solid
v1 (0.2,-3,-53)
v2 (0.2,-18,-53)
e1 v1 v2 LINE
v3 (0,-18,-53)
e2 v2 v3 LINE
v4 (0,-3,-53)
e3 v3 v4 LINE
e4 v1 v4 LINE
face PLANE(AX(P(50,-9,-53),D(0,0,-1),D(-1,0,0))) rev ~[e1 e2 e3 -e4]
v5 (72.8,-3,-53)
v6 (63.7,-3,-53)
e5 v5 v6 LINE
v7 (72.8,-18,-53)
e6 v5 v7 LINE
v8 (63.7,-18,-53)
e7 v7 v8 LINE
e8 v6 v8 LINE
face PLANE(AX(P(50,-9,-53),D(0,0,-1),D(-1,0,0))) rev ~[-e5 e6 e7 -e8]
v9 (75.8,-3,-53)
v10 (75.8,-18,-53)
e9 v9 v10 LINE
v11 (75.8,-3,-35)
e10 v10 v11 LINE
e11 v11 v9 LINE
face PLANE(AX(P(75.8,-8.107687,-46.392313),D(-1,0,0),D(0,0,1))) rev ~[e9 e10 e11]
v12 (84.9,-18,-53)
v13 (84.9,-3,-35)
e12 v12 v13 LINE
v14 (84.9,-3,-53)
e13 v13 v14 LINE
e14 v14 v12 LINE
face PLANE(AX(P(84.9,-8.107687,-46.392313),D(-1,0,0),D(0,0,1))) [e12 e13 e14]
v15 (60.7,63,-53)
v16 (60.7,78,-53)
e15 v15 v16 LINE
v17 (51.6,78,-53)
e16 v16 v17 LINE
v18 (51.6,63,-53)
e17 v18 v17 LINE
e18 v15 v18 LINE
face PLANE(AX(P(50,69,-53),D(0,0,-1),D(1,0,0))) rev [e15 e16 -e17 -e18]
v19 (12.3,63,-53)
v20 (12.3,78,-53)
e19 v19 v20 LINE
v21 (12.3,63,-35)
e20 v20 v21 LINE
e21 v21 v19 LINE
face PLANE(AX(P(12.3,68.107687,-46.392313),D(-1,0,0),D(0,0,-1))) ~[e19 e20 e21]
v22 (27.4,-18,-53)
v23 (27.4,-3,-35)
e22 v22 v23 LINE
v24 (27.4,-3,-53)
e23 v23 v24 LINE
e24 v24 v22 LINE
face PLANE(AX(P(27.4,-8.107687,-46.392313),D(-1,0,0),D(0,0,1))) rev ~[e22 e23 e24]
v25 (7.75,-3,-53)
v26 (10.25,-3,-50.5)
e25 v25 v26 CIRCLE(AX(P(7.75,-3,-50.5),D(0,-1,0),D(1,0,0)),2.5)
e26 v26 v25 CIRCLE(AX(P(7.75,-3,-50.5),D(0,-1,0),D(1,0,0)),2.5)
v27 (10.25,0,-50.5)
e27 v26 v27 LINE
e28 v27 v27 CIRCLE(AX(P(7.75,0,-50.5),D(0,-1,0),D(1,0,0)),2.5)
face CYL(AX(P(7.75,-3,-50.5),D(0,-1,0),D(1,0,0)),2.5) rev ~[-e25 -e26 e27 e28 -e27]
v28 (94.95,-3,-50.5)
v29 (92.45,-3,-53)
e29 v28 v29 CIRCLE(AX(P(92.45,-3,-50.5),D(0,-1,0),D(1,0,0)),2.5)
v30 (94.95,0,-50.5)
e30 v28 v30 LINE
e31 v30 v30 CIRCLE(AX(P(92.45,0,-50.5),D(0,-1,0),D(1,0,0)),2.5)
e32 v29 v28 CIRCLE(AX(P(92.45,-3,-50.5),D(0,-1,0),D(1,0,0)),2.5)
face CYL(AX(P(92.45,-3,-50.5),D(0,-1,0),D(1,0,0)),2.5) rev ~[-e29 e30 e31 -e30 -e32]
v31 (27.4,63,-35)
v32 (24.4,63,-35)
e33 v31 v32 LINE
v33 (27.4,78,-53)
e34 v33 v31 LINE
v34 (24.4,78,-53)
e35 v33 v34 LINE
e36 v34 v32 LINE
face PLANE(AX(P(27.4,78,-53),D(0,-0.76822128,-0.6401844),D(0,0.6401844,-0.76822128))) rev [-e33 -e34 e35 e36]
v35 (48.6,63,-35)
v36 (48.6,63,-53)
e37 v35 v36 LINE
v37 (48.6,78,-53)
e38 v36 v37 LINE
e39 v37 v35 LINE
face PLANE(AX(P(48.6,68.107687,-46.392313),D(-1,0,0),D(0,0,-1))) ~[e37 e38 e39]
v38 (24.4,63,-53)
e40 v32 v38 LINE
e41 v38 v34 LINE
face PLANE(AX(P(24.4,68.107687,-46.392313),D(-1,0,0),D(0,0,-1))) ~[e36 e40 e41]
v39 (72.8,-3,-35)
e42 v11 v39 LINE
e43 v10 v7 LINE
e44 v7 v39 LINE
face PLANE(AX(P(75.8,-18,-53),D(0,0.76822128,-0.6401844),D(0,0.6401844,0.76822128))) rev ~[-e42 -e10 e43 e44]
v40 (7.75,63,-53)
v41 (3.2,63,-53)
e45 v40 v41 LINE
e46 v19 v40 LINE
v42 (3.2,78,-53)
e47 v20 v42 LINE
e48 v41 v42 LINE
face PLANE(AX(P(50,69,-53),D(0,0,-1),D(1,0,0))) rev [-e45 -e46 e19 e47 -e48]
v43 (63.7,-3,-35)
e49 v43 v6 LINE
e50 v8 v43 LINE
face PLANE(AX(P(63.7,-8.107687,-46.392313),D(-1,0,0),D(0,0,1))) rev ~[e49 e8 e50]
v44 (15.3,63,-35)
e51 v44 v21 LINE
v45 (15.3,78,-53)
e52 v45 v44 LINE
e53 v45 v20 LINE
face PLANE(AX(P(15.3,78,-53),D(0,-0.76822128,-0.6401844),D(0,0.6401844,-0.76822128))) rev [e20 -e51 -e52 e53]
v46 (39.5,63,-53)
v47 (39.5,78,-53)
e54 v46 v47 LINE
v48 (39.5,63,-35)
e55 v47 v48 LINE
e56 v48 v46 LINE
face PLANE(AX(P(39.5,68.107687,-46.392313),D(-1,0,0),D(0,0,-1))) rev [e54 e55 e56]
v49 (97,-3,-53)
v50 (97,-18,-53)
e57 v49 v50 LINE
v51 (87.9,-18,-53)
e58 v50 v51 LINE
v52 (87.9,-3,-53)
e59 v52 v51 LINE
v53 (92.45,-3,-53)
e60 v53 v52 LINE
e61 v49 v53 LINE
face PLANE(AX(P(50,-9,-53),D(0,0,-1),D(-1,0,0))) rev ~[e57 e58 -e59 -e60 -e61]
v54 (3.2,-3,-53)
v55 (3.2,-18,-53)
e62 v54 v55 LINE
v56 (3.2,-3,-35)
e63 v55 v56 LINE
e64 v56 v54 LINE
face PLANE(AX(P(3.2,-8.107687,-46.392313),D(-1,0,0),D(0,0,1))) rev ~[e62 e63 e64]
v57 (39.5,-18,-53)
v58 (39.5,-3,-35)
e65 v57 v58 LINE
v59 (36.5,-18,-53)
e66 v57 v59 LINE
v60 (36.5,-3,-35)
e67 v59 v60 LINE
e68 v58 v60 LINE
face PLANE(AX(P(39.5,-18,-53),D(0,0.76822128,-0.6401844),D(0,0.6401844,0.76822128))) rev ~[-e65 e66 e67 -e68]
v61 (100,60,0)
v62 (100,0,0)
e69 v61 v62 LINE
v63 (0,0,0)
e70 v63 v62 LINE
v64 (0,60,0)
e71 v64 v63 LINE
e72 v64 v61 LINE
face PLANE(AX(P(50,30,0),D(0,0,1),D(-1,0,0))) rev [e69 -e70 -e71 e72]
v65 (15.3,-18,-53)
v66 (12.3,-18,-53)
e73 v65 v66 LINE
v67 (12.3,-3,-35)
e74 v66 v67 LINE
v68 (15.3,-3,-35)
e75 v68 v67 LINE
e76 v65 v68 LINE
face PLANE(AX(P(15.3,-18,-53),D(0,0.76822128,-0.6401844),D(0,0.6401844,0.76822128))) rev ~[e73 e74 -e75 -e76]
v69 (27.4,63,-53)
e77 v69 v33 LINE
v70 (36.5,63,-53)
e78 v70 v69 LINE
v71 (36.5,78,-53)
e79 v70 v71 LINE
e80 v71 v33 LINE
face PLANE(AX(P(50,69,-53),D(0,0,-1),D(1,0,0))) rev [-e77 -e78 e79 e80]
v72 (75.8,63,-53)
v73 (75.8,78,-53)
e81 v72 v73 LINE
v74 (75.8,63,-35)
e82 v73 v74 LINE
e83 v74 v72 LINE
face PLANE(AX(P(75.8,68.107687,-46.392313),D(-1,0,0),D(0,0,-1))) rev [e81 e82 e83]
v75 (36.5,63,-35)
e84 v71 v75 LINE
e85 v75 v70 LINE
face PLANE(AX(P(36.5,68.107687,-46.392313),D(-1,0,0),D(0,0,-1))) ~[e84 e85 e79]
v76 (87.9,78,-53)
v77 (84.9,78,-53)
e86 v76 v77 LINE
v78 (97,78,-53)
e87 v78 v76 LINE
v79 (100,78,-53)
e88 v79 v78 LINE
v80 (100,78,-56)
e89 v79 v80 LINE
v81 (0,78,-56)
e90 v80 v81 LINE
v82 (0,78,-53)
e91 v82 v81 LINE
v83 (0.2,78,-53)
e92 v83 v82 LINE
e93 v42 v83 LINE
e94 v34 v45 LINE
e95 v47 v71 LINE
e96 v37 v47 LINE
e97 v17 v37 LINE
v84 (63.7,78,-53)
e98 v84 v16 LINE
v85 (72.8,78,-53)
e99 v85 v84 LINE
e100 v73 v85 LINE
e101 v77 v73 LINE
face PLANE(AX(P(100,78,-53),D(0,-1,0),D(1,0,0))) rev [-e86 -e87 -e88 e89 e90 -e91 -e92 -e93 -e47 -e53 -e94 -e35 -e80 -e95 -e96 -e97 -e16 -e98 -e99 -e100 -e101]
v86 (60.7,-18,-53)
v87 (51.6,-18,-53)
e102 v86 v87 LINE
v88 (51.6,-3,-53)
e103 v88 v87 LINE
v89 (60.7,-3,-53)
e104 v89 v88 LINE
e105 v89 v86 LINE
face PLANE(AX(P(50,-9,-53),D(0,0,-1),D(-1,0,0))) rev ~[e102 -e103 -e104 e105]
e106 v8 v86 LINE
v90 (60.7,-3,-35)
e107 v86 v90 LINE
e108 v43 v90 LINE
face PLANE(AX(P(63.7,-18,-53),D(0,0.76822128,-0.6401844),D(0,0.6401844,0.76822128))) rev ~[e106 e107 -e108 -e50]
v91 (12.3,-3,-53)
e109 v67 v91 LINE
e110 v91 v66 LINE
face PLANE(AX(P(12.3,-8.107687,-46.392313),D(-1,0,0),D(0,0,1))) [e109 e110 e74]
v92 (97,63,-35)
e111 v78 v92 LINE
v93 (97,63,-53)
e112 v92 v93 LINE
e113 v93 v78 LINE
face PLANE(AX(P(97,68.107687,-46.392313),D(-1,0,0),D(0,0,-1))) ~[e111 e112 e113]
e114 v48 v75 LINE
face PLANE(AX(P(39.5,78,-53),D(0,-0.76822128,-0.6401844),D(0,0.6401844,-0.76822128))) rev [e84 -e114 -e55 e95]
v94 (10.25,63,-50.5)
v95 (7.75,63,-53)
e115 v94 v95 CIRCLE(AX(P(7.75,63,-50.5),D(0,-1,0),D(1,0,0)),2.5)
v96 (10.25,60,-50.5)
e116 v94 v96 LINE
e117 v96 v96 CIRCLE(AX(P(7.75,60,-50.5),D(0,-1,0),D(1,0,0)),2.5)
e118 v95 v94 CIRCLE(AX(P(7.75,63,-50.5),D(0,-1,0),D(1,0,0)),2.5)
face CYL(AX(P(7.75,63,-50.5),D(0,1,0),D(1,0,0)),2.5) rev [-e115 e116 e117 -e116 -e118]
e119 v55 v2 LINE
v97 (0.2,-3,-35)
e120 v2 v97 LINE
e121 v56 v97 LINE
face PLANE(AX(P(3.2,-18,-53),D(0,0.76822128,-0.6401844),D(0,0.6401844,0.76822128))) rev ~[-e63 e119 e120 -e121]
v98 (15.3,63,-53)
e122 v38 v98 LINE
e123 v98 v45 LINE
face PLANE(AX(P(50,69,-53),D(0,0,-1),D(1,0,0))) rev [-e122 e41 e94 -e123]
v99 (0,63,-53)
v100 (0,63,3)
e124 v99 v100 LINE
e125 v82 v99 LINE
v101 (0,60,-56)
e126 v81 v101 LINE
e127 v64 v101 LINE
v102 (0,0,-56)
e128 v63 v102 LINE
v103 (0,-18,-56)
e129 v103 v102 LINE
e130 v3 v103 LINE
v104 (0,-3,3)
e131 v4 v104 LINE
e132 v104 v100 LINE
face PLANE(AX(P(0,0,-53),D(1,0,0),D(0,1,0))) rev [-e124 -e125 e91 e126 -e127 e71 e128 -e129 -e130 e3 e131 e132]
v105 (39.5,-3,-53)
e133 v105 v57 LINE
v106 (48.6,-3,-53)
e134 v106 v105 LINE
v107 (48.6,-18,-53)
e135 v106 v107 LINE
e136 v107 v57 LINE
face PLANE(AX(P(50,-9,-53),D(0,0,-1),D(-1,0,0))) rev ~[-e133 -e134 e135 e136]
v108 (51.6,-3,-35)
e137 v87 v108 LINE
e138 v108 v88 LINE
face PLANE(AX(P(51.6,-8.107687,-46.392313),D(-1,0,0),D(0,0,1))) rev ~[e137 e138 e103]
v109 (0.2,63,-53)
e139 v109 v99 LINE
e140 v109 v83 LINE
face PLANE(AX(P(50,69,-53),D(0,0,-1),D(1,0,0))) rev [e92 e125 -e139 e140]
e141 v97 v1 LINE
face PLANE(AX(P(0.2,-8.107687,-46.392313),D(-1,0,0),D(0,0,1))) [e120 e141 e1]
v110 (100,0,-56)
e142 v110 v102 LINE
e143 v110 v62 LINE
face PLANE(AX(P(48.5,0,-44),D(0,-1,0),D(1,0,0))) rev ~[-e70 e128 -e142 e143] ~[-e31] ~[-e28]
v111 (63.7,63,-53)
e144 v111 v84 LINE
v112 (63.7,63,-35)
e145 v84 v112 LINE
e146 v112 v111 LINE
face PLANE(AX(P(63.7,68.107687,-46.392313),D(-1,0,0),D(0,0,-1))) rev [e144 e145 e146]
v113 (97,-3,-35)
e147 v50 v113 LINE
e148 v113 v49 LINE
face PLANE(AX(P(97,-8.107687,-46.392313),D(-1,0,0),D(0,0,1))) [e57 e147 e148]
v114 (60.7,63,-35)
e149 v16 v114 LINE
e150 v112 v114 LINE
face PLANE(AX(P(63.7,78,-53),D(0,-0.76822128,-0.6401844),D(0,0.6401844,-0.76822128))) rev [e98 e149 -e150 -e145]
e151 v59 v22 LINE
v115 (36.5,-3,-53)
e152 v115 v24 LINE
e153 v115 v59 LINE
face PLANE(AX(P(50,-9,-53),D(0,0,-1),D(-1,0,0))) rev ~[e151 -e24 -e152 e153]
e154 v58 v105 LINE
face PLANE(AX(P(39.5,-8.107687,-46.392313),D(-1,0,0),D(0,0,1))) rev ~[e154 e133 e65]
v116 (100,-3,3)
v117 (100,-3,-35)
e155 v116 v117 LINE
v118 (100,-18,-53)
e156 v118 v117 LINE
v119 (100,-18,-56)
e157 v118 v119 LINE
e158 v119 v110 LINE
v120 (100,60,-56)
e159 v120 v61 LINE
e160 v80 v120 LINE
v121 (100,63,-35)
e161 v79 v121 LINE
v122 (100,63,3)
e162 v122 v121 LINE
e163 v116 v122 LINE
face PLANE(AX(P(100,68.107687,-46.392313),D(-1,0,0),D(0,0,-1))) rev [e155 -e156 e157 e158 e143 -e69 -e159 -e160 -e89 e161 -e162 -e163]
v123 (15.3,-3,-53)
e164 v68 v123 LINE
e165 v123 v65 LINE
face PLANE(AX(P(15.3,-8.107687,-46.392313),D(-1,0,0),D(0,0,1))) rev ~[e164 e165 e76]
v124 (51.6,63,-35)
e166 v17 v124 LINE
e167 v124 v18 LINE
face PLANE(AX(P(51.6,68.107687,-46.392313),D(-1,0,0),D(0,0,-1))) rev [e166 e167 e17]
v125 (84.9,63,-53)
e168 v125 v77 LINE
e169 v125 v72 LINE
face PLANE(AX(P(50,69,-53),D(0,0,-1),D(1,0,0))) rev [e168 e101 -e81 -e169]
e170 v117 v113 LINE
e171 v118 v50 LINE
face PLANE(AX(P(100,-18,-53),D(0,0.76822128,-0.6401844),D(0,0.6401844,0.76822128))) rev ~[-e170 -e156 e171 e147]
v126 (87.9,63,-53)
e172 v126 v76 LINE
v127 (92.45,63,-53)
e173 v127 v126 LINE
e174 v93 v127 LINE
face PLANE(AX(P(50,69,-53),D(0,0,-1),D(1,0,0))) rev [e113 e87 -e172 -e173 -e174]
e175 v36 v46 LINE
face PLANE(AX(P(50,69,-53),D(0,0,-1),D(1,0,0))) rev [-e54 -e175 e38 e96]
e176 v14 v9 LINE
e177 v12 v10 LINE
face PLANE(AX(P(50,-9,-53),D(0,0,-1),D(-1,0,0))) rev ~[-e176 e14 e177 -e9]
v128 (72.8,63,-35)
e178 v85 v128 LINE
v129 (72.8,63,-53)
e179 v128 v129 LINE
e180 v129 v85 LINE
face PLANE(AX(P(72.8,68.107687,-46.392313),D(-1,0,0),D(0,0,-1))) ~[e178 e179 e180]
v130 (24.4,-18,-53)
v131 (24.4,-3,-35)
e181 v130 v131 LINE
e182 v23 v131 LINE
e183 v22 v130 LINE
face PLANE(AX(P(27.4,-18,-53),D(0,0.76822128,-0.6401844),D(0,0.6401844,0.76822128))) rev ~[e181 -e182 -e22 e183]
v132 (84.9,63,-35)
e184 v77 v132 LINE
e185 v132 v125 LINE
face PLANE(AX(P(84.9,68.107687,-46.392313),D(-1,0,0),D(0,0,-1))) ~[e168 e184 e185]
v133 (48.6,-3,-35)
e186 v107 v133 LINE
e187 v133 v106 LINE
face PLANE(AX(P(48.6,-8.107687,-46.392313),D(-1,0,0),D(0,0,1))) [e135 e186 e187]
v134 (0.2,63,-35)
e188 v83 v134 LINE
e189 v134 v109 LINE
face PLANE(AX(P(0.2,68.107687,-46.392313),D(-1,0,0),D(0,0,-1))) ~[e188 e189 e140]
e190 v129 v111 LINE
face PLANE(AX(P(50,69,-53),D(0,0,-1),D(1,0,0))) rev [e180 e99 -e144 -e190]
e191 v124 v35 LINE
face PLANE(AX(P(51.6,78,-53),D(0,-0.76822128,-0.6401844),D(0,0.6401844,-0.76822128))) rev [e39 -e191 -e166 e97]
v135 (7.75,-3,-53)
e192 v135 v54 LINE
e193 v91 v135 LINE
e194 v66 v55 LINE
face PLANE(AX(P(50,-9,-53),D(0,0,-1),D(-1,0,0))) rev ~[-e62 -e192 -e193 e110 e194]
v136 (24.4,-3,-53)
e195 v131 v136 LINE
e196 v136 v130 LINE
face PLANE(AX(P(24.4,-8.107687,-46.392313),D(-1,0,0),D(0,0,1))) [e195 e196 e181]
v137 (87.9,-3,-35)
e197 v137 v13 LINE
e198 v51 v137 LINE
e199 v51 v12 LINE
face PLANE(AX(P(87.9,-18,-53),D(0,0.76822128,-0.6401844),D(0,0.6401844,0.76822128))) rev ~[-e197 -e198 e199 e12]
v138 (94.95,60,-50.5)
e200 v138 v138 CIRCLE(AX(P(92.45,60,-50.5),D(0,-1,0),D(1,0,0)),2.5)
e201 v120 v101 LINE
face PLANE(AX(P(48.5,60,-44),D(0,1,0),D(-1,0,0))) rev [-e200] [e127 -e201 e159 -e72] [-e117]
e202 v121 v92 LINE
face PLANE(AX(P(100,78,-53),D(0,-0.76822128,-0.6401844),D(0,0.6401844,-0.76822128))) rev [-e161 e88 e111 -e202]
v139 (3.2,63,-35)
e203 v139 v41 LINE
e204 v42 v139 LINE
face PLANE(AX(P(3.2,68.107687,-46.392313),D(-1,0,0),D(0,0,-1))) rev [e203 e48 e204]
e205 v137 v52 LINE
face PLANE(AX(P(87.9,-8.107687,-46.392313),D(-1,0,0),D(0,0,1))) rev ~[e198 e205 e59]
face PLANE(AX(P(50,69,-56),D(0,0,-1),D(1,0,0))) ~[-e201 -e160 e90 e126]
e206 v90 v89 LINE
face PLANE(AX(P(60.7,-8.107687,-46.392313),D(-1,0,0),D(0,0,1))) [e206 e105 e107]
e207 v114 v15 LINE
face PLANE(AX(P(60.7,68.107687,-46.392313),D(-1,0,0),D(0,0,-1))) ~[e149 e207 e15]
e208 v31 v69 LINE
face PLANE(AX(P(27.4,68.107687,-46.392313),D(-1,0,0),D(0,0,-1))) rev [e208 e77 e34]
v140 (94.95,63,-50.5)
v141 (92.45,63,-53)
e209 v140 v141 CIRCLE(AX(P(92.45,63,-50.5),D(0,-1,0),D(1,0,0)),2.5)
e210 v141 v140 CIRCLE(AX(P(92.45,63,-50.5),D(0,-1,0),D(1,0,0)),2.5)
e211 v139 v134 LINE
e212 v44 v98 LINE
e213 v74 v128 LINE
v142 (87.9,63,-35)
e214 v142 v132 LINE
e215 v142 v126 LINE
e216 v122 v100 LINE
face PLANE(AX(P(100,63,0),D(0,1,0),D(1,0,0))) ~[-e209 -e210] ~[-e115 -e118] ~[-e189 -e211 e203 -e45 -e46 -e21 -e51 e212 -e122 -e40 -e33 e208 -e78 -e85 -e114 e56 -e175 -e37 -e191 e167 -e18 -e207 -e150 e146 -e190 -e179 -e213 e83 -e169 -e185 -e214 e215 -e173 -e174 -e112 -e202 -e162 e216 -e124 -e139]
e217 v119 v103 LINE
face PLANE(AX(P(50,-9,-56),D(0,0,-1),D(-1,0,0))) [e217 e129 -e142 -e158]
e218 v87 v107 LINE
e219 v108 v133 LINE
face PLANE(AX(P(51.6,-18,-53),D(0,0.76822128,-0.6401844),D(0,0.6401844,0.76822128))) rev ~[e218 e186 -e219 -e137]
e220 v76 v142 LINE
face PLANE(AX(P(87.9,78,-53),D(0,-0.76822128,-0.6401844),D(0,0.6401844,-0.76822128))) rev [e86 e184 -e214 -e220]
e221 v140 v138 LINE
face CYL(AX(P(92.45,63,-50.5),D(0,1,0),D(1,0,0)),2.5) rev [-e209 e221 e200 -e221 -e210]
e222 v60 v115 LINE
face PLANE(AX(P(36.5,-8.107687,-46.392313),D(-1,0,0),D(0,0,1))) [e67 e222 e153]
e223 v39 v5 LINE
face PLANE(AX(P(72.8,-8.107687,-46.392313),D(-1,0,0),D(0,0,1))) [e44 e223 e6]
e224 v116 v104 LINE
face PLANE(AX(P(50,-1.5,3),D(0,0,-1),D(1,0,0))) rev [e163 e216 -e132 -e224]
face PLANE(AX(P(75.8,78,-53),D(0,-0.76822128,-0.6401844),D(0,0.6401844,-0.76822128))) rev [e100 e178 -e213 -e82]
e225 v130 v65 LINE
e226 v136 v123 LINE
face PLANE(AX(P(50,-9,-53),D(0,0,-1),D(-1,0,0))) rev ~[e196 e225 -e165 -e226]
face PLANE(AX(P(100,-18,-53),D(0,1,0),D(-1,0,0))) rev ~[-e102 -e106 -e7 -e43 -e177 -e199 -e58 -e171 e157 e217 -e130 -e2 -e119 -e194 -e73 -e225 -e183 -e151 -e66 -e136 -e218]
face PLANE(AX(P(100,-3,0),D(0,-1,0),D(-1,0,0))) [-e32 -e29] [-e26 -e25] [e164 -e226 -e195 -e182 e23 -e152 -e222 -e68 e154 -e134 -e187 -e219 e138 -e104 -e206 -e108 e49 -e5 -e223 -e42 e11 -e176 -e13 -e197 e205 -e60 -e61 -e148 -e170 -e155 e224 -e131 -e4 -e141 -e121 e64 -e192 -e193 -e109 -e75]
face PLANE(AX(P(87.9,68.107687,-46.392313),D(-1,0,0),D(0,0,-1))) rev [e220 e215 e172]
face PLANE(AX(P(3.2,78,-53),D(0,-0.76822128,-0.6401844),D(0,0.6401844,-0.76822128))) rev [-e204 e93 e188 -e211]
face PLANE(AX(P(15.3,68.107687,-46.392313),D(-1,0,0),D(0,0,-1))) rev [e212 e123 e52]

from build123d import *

# Parameters (mm, degrees)
SKETCH1_W                = 100
SKETCH1_H                = 60
BOSS_EXTRUDE1_DEPTH      = 3
SKETCH2_W                = 100
SKETCH2_H                = 3
BOSS_EXTRUDE2_DEPTH      = 53
BOSS_EXTRUDE2_DEPTH_BACK = 3
SKETCH3_W                = 100
SKETCH3_H                = 18
BOSS_EXTRUDE3_DEPTH      = 3
BOSS_EXTRUDE4_DEPTH      = 3
SKETCH6_W                = 97
SKETCH6_H                = 18
BOSS_EXTRUDE5_DEPTH      = 3
LPATTERN4_COUNT          = 9
LPATTERN4_PITCH          = 12.1
SKETCH7_R                = 2.5
CUT_EXTRUDE2_DEPTH       = 82
CUT_EXTRUDE4_DEPTH       = 101


with BuildPart() as part:
    # Sketch1 → Boss-Extrude1 (new body)
    with BuildSketch(Plane.XY):
        with Locations((50, 30)):
            Rectangle(SKETCH1_W, SKETCH1_H)
    extrude(amount=BOSS_EXTRUDE1_DEPTH)

    # Sketch2 → Boss-Extrude2 (add, two sides)
    with BuildSketch(Plane(origin=(0, 0, 0), x_dir=(-1, 0, 0), z_dir=(0, 0, -1))) as boss_extrude2_sk:
        with Locations((-50, 61.5)):
            Rectangle(SKETCH2_W, SKETCH2_H)
        with Locations((-50, -1.5)):
            Rectangle(SKETCH2_W, SKETCH2_H)
    extrude(amount=BOSS_EXTRUDE2_DEPTH)
    extrude(boss_extrude2_sk.sketch, amount=-BOSS_EXTRUDE2_DEPTH_BACK)

    # Sketch3 → Boss-Extrude3 (add)
    with BuildSketch(Plane(origin=(0, 0, -53), x_dir=(-1, 0, 0), z_dir=(0, 0, -1))):
        with Locations((-50, 69)):
            Rectangle(SKETCH3_W, SKETCH3_H)
        with Locations((-50, -9)):
            Rectangle(SKETCH3_W, SKETCH3_H)
    extrude(amount=BOSS_EXTRUDE3_DEPTH)

    # Sketch5 → Boss-Extrude4 (add)
    with BuildSketch(Plane(origin=(100, 0, 0), x_dir=(0, 0, -1), z_dir=(1, 0, 0))):
        Polygon((35, -3), (53, -3), (53, -18), align=None)
    boss_extrude4 = extrude(amount=-BOSS_EXTRUDE4_DEPTH)

    # Sketch6 → Boss-Extrude5 (add)
    with BuildSketch(Plane.XZ.offset(3)):
        with Locations((48.5, -44)):
            Rectangle(SKETCH6_W, SKETCH6_H)
    extrude(amount=-BOSS_EXTRUDE5_DEPTH)

    # LPattern4: Boss-Extrude4 ×9
    with Locations(*[(-i * LPATTERN4_PITCH, 0, 0) for i in range(1, LPATTERN4_COUNT)]):
        add(boss_extrude4)

    # Sketch7 → Cut-Extrude2 (cut, through all)
    with BuildSketch(Plane.XZ.offset(3)):
        with Locations((92.45, -50.5)):
            Circle(SKETCH7_R)
        with Locations((7.75, -50.5)):
            Circle(SKETCH7_R)
    extrude(amount=-CUT_EXTRUDE2_DEPTH, mode=Mode.SUBTRACT)

    # Sketch10 → Cut-Extrude4 (cut, through all)
    with BuildSketch(Plane.ZY):
        Polygon((0, 30), (3, 30), (3, 114.137691369), (-76.856579816, 109.737899985), (-70.799886201, 33.223019627), align=None)
    extrude(amount=-CUT_EXTRUDE4_DEPTH, mode=Mode.SUBTRACT)

    # Mirror2: part across plane


with BuildPart() as part_1:
    add(part.part)
    add(part.part.mirror(Plane(origin=(100, 30, 0), x_dir=(0, 0, 1), z_dir=(0, -1, 0))))


solid = part_1.part
